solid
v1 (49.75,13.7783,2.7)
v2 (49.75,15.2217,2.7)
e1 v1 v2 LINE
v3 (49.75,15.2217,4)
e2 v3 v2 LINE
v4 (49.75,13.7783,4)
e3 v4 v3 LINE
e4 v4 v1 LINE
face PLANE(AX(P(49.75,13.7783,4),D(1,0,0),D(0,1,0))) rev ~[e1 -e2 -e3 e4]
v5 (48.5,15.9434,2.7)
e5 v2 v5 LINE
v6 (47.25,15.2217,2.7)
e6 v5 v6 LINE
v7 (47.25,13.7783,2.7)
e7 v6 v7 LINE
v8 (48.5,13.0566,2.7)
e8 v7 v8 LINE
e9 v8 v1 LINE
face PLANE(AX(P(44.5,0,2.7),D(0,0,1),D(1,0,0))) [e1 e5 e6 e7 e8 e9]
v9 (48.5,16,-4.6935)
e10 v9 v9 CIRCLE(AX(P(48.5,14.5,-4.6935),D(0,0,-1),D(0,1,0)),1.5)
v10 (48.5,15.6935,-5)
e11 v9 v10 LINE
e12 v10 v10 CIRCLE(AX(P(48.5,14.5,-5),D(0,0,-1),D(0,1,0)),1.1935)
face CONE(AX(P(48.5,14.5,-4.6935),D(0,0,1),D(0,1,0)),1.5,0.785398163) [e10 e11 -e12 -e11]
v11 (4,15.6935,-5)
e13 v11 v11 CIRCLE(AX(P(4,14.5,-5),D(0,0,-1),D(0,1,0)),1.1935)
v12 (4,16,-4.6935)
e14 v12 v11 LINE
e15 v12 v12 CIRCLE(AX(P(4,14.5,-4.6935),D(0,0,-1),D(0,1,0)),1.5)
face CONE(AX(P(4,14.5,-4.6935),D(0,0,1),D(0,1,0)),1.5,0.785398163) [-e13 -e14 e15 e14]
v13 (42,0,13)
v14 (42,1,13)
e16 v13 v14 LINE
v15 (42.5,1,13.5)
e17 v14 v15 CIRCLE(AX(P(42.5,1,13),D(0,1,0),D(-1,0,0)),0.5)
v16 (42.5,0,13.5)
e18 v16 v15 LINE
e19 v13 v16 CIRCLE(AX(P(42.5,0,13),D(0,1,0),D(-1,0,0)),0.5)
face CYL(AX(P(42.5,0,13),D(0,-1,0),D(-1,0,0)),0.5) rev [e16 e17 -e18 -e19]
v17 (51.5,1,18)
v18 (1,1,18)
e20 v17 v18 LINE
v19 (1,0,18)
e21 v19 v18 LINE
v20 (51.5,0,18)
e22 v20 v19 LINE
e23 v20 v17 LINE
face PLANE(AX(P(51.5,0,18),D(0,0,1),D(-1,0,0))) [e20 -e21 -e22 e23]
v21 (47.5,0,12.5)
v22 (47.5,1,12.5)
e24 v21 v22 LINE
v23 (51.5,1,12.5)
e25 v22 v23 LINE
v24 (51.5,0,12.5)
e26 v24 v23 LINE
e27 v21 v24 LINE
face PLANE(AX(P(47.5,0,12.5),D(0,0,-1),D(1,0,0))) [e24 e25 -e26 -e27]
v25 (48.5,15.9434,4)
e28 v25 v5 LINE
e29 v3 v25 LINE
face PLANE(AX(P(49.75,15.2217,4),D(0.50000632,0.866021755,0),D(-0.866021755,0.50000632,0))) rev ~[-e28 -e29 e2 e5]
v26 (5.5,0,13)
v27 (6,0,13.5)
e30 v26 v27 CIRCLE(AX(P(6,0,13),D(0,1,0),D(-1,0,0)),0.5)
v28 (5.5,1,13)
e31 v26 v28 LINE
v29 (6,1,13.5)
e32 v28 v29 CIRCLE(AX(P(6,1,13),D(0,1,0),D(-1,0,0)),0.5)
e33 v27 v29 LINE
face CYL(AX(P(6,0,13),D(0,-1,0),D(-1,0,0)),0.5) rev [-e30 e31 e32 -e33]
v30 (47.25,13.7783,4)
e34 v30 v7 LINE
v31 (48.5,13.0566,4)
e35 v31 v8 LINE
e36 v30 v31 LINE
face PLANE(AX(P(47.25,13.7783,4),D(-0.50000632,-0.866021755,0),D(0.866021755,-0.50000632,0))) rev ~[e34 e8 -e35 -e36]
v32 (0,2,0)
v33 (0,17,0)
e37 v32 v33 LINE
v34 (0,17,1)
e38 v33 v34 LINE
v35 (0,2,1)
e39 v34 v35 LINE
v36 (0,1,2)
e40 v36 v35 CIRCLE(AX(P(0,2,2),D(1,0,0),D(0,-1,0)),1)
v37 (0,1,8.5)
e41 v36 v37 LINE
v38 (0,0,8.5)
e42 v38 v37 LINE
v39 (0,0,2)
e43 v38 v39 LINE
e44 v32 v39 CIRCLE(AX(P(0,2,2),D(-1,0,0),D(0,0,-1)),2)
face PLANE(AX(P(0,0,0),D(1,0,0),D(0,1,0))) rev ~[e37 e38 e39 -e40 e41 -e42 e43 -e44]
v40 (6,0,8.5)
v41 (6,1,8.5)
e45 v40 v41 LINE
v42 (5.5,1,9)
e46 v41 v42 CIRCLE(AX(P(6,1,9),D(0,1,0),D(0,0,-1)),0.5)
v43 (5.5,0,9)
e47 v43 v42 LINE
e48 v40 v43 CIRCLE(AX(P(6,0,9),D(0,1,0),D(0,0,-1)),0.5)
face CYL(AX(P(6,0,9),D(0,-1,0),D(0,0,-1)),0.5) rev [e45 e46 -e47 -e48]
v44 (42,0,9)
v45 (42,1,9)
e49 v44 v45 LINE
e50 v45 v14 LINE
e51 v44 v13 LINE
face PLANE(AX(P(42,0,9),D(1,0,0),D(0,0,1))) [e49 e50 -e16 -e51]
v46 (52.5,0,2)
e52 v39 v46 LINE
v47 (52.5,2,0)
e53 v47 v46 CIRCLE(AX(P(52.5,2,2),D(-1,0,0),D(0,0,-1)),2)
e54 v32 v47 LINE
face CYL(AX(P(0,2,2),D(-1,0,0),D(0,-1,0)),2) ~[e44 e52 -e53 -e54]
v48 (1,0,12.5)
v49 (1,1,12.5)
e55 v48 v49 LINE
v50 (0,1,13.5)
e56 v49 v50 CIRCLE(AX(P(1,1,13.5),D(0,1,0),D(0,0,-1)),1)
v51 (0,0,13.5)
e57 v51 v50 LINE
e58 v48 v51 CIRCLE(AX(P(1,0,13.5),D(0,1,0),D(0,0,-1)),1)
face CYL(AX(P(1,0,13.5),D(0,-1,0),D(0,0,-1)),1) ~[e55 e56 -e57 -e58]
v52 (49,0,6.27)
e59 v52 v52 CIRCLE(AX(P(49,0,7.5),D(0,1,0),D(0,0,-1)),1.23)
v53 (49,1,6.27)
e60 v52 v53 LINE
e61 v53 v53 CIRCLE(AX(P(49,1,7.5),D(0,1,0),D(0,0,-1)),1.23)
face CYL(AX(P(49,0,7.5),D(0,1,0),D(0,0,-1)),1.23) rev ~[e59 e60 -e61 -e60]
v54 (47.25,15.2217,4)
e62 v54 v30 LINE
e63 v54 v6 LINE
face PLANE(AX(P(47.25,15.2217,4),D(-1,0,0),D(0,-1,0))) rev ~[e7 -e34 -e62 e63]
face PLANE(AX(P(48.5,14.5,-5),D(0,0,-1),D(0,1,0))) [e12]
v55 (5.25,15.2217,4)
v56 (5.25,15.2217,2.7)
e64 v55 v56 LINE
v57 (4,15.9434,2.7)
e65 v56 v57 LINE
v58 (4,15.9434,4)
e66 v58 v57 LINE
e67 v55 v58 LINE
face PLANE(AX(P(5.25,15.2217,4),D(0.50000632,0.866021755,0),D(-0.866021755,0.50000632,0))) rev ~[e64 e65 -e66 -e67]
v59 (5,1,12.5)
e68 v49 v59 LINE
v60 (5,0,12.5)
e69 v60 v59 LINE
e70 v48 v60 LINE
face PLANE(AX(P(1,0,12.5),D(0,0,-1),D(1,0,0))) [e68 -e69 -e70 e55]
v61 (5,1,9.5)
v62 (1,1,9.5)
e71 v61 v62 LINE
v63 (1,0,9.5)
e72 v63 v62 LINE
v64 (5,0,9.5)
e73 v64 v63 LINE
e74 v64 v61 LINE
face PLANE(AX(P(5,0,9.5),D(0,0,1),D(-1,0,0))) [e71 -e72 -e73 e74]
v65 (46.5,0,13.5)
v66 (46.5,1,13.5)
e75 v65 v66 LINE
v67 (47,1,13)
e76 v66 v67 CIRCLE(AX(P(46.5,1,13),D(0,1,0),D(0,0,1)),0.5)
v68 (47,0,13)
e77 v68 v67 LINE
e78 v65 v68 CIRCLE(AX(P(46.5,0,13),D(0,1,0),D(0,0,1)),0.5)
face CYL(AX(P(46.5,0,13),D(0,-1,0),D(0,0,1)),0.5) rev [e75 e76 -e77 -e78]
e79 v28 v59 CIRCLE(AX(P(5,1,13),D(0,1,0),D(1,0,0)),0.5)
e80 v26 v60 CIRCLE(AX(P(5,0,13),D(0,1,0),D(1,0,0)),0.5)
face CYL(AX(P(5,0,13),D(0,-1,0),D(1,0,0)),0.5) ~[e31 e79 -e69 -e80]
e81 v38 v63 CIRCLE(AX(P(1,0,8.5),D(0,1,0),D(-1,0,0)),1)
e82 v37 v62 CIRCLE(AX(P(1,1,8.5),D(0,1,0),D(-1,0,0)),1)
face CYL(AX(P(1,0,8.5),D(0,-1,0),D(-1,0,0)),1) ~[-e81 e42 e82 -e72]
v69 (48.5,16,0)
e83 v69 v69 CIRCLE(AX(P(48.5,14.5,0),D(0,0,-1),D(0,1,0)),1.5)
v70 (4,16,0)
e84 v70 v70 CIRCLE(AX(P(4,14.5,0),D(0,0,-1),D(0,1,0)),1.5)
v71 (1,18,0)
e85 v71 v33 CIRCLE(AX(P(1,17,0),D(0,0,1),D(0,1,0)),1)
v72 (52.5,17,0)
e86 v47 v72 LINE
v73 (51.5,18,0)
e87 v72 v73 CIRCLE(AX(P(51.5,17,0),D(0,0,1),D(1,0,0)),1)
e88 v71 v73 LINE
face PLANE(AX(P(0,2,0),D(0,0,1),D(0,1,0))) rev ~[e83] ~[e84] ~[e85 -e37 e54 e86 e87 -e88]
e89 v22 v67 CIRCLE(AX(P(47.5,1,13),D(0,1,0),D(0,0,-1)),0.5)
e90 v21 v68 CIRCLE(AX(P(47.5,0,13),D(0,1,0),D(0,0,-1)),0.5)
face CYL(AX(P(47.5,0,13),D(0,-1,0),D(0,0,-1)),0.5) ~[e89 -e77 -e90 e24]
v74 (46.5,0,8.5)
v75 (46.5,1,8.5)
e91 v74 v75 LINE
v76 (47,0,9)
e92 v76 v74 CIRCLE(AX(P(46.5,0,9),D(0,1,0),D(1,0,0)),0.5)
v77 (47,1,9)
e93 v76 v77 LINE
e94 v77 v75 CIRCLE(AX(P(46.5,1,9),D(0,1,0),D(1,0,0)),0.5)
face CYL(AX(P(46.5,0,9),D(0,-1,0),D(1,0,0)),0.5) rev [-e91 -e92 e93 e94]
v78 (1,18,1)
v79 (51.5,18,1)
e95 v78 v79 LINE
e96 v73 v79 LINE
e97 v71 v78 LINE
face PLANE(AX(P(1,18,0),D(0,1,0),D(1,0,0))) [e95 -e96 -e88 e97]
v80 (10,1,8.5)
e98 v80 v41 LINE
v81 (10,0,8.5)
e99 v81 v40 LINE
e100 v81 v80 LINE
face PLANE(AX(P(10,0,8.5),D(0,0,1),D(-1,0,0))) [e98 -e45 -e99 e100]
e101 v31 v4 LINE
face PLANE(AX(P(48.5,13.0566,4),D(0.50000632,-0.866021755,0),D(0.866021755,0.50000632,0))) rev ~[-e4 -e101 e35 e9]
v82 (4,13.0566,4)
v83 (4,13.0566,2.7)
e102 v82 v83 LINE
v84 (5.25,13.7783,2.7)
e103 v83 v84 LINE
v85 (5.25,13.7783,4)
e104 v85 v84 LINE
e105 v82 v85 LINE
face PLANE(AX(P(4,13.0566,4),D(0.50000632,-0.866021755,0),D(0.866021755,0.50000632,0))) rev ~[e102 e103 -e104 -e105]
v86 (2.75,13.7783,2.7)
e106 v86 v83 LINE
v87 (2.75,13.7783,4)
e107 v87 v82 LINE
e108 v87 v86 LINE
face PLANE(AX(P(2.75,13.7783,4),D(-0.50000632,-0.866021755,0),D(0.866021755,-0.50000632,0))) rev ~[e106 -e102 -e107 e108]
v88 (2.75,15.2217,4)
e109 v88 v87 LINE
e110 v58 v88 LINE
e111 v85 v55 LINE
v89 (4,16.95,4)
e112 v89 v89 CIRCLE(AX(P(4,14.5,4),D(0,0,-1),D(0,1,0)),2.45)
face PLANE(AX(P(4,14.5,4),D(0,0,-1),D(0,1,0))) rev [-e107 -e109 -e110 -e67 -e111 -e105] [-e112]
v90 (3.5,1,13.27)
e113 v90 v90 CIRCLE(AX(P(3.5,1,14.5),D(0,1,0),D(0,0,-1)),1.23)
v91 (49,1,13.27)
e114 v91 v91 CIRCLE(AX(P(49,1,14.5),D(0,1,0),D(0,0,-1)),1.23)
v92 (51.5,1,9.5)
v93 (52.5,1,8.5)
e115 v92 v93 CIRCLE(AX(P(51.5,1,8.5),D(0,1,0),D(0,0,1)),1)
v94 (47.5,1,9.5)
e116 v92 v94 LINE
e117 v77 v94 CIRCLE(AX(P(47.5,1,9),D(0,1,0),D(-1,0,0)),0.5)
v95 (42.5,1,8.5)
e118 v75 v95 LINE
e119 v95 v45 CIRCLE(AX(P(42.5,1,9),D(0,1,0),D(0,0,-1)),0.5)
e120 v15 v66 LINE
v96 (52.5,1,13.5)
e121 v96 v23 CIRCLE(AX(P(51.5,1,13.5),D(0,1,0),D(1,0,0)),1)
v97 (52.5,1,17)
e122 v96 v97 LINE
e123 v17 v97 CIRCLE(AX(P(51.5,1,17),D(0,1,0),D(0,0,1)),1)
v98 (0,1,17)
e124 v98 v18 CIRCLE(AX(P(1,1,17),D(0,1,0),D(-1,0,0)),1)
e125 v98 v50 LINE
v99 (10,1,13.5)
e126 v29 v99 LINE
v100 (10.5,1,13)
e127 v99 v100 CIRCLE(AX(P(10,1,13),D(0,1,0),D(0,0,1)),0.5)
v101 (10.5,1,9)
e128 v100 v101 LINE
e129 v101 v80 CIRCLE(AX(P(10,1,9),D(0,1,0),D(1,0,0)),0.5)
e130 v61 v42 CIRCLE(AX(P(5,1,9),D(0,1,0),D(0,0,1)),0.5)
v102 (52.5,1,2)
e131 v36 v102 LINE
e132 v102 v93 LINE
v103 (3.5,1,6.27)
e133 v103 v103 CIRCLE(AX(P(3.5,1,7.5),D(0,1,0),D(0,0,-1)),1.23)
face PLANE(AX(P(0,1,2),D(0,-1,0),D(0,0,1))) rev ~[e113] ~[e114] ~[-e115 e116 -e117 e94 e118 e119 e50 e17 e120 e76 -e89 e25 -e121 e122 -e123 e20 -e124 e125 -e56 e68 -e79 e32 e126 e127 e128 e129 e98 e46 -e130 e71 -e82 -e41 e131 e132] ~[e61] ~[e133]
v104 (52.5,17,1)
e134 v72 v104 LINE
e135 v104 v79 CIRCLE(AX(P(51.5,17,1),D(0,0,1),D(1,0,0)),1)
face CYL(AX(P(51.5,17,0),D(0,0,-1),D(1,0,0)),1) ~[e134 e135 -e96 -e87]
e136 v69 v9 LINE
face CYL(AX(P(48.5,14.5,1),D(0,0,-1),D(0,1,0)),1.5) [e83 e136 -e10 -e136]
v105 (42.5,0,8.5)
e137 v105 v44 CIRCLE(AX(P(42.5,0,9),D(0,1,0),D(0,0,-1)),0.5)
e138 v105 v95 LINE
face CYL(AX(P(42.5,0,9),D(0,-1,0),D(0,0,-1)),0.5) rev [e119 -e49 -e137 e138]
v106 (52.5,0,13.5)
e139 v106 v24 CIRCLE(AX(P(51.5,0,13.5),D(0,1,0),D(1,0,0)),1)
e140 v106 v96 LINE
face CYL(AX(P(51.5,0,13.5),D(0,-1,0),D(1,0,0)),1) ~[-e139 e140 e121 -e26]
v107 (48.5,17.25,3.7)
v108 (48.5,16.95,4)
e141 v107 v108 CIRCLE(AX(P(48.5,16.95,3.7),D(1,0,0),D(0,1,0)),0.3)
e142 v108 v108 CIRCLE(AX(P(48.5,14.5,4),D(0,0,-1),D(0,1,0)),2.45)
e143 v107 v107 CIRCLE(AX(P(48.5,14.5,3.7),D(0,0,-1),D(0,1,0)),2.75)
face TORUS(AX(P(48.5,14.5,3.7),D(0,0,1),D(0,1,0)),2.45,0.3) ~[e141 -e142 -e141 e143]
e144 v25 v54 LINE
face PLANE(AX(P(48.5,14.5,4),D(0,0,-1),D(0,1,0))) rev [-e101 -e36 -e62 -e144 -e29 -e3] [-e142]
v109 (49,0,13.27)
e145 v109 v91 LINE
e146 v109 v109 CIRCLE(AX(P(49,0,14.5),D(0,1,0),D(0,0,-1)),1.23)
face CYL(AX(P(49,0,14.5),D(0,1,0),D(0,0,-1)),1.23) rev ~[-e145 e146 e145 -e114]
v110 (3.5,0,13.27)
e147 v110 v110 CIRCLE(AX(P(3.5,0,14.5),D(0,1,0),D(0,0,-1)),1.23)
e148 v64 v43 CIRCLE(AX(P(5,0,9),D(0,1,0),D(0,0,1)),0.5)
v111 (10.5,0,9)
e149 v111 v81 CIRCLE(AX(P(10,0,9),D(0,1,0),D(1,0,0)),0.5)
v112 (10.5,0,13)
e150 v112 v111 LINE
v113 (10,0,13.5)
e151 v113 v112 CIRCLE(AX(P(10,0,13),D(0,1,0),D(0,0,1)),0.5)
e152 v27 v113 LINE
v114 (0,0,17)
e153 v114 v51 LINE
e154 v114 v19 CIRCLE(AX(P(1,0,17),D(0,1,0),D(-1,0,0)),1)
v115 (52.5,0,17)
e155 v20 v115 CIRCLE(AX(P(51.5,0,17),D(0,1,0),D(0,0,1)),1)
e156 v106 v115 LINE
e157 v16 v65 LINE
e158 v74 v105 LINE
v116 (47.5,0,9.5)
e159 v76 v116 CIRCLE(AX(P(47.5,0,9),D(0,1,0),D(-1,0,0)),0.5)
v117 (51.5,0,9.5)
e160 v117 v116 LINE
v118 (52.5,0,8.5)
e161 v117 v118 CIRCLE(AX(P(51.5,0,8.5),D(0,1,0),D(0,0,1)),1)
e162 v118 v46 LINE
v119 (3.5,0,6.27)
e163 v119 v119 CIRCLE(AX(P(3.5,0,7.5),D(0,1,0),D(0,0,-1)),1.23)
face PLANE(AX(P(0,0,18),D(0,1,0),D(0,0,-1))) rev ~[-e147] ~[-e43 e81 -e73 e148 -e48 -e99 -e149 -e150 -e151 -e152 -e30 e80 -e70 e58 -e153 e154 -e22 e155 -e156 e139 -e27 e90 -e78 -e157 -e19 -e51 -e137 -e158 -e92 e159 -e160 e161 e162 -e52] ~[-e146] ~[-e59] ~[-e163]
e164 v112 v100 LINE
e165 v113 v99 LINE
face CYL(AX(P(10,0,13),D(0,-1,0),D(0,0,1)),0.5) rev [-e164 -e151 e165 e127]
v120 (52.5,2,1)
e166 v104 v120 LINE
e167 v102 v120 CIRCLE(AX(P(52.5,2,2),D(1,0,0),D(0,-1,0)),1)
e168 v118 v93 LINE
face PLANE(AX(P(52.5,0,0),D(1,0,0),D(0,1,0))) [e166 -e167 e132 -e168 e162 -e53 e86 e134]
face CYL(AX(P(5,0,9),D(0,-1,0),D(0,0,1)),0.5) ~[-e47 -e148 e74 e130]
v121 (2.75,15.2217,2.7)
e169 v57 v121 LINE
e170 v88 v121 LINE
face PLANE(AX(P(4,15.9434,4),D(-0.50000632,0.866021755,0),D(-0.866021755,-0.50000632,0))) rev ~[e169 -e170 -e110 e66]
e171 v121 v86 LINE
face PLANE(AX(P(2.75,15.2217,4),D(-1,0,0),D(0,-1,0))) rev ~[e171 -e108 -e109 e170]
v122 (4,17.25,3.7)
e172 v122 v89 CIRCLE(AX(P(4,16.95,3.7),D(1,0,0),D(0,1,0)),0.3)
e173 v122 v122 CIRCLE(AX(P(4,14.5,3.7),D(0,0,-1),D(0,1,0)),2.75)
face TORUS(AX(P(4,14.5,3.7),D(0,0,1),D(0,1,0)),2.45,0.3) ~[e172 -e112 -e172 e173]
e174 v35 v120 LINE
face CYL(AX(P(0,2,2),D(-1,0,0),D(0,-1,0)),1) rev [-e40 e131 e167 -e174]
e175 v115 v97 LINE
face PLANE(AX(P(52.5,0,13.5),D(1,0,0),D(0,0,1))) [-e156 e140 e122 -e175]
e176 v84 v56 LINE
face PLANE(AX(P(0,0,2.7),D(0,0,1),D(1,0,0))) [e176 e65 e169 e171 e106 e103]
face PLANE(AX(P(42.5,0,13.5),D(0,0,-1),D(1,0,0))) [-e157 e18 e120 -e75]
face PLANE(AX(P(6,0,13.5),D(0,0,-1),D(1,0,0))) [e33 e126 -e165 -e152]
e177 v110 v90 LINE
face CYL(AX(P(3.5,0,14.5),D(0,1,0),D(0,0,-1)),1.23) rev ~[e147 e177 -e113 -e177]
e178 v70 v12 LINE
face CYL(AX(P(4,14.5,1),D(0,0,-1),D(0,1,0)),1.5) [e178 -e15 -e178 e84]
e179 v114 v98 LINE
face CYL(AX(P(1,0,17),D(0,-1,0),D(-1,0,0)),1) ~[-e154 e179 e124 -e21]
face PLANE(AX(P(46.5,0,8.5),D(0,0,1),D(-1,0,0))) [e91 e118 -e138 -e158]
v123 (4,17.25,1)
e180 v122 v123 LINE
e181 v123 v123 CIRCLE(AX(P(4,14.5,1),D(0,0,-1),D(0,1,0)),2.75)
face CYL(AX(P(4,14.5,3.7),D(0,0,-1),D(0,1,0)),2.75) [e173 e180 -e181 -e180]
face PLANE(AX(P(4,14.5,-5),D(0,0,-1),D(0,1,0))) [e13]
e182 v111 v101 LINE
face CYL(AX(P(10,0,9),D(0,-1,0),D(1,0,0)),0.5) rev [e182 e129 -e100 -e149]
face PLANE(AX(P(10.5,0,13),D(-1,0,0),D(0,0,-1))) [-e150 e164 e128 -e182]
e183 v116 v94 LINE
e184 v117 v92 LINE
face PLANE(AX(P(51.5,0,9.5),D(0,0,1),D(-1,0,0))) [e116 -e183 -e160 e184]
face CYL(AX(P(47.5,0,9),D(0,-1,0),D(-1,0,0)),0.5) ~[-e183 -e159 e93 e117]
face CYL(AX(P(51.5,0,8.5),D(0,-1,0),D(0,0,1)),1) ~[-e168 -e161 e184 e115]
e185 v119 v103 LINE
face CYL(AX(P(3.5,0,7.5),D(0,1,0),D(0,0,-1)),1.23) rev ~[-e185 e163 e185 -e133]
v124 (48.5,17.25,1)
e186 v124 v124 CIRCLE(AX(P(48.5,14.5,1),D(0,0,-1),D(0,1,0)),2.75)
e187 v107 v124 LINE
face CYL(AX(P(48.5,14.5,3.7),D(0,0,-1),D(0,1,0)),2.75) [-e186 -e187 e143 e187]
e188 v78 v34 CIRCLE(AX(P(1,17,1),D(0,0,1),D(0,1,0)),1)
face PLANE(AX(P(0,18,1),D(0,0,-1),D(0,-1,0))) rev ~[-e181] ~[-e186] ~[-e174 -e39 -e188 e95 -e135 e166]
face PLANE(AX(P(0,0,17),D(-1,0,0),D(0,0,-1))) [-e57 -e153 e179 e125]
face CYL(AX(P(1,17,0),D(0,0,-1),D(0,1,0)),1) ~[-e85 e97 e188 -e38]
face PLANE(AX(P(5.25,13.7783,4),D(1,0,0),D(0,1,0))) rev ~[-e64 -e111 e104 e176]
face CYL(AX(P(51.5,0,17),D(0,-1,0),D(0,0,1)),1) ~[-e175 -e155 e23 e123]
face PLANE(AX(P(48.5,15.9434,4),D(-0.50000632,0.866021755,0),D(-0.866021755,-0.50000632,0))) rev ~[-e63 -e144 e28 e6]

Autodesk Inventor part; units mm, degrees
sketch "Sketch_1" plane through (0, 0, 0) normal (1, 0, 0) x (0, 1, 0)
  line L0 (0, 18) -> (0, 2)
  arc A0 (0, 2) -> (2, 0) centre (2, 2) ccw
  line L1 (2, 0) -> (18, 0)
  line L2 (18, 0) -> (18, 1)
  line L3 (18, 1) -> (2, 1)
  arc A1 (1, 2) -> (2, 1) centre (2, 2) ccw
  line L4 (1, 2) -> (1, 18)
  line L5 (1, 18) -> (0, 18)
extrude "Extrusion1" add sketch "Sketch_1" along normal blind 52.5
sketch "Sketch_2" plane through (0, 0, 0) normal (0, 0, 1) x (1, 0, 0)
  arc A0 (1, 18) -> (0, 17) centre (1, 17) ccw
  line L0 (1, 18) -> (51.5, 18)
  arc A1 (52.5, 17) -> (51.5, 18) centre (51.5, 17) ccw
  line L1 (52.5, 17) -> (52.5, 23)
  line L2 (52.5, 23) -> (0, 23)
  line L3 (0, 23) -> (0, 17)
extrude "Extrusion2" cut sketch "Sketch_2" along normal blind 1
sketch "Sketch_3" plane through (0, 0, 0) normal (0, 1, 0) x (-1, 0, 0)
  line L0 (5, 0) -> (5, 23)
  line L1 (5, 23) -> (-57.5, 23)
  line L2 (-57.5, 23) -> (-57.5, 0)
  line L3 (-57.5, 0) -> (-52.5, 0)
  line L4 (-52.5, 0) -> (-52.5, 8.5)
  arc A0 (-51.5, 9.5) -> (-52.5, 8.5) centre (-51.5, 8.5) ccw
  line L5 (-51.5, 9.5) -> (-47.5, 9.5)
  arc A1 (-47, 9) -> (-47.5, 9.5) centre (-47.5, 9) ccw
  arc A2 (-47, 9) -> (-46.5, 8.5) centre (-46.5, 9) ccw
  line L6 (-46.5, 8.5) -> (-42.5, 8.5)
  arc A3 (-42.5, 8.5) -> (-42, 9) centre (-42.5, 9) ccw
  line L7 (-42, 9) -> (-42, 13)
  arc A4 (-42, 13) -> (-42.5, 13.5) centre (-42.5, 13) ccw
  line L8 (-42.5, 13.5) -> (-46.5, 13.5)
  arc A5 (-46.5, 13.5) -> (-47, 13) centre (-46.5, 13) ccw
  arc A6 (-47.5, 12.5) -> (-47, 13) centre (-47.5, 13) ccw
  line L9 (-47.5, 12.5) -> (-51.5, 12.5)
  arc A7 (-52.5, 13.5) -> (-51.5, 12.5) centre (-51.5, 13.5) ccw
  line L10 (-52.5, 13.5) -> (-52.5, 17)
  arc A8 (-51.5, 18) -> (-52.5, 17) centre (-51.5, 17) ccw
  line L11 (-51.5, 18) -> (-1, 18)
  arc A9 (0, 17) -> (-1, 18) centre (-1, 17) ccw
  line L12 (0, 17) -> (0, 13.5)
  arc A10 (-1, 12.5) -> (0, 13.5) centre (-1, 13.5) ccw
  line L13 (-1, 12.5) -> (-5, 12.5)
  arc A11 (-5.5, 13) -> (-5, 12.5) centre (-5, 13) ccw
  arc A12 (-5.5, 13) -> (-6, 13.5) centre (-6, 13) ccw
  line L14 (-6, 13.5) -> (-10, 13.5)
  arc A13 (-10, 13.5) -> (-10.5, 13) centre (-10, 13) ccw
  line L15 (-10.5, 13) -> (-10.5, 9)
  arc A14 (-10.5, 9) -> (-10, 8.5) centre (-10, 9) ccw
  line L16 (-10, 8.5) -> (-6, 8.5)
  arc A15 (-6, 8.5) -> (-5.5, 9) centre (-6, 9) ccw
  arc A16 (-5, 9.5) -> (-5.5, 9) centre (-5, 9) ccw
  line L17 (-5, 9.5) -> (-1, 9.5)
  arc A17 (0, 8.5) -> (-1, 9.5) centre (-1, 8.5) ccw
  line L18 (0, 8.5) -> (0, 0)
  line L19 (0, 0) -> (5, 0)
extrude "Extrusion3" cut sketch "Sketch_3" along normal blind 1
sketch "Sketch4" plane through (0, 0, 2) normal (0, -1, 0) x (1, 0, 0)
  point P0 (3.5, 5.5)
hole "Hole1" at (3.5, 0, 7.5) direction (0, 1, 0) diameter 2.46 depth 1
pattern_linear "Rectangular Pattern1" count 2 spacing 45.5 along (1, 0, 0) count 2 spacing 7 along (0, 0, 1) of "Hole1"
sketch "Sketch_6" plane through (4, 0, 0) normal (1, 0, 0) x (0, 0, -1)
  line L0 (5, 14.5) -> (-4, 14.5)
  line L1 (-4, 14.5) -> (-4, 16.95)
  arc A0 (-3.7, 17.25) -> (-4, 16.95) centre (-3.7, 16.95) ccw
  line L2 (-3.7, 17.25) -> (-1, 17.25)
  line L3 (-1, 17.25) -> (-1, 16)
  line L4 (-1, 16) -> (4.6935, 16)
  line L5 (4.6935, 16) -> (5, 15.6935)
  line L6 (5, 15.6935) -> (5, 14.5)
  line L7 (5, 14.5) -> (-4, 14.5)
revolve "Revolution1" add sketch "Sketch_6" angle 360 about axis through (4, 14.5, -5) along (0, 0, -1)
thread "Thread1" size "M3x0.5" class "6g" standard "ISO Metric profile" length 5.1935
pattern_linear "Rectangular Pattern2" count 2 spacing 44.5 along (1, 0, 0) of "Revolution1"
sketch "Sketch_8" plane through (0, 0, 4) normal (0, 0, 1) x (1, 0, 0)
  line L0 (2.75, 13.7783) -> (4, 13.0566)
  line L1 (4, 13.0566) -> (5.25, 13.7783)
  line L2 (5.25, 13.7783) -> (5.25, 15.2217)
  line L3 (5.25, 15.2217) -> (4, 15.9434)
  line L4 (4, 15.9434) -> (2.75, 15.2217)
  line L5 (2.75, 15.2217) -> (2.75, 13.7783)
extrude "Extrusion4" cut sketch "Sketch_8" against normal blind 1.3
pattern_linear "Rectangular Pattern3" count 2 spacing 44.5 along (1, 0, 0) of "Extrusion4"
ref_plane "ip_for_dummy_1_XY" through (0, 14.5, 0) normal (1, 0, 0) x (0, 0, -1)
ref_plane "ip_for_dummy_1_YZ" through (0, 14.5, 0) normal (0, 0, -1) x (0, 1, 0)
ref_plane "ip_for_dummy_1_ZX" through (0, 14.5, 0) normal (0, 1, 0) x (1, 0, 0)
ref_plane "ip_for_dummy_2_XY" through (52.5, 14.5, 0) normal (1, 0, 0) x (0, 0, -1)
ref_plane "ip_for_dummy_2_YZ" through (52.5, 14.5, 0) normal (0, 0, -1) x (0, 1, 0)
ref_plane "ip_for_dummy_2_ZX" through (52.5, 14.5, 0) normal (0, 1, 0) x (1, 0, 0)
ref_plane "ip_for_sensor_1_XY" through (0, 1, 11) normal (1, 0, 0) x (0, 0, -1)
ref_plane "ip_for_sensor_1_YZ" through (0, 1, 11) normal (0, 0, -1) x (0, 1, 0)
ref_plane "ip_for_sensor_1_ZX" through (0, 1, 11) normal (0, 1, 0) x (1, 0, 0)
ref_plane "ip_for_sensor_2_XY" through (52.5, 1, 11) normal (1, 0, 0) x (0, 0, -1)
ref_plane "ip_for_sensor_2_YZ" through (52.5, 1, 11) normal (0, 0, -1) x (0, 1, 0)
ref_plane "ip_for_sensor_2_ZX" through (52.5, 1, 11) normal (0, 1, 0) x (1, 0, 0)
properties part number "ETH2-14-sensor_plant"
